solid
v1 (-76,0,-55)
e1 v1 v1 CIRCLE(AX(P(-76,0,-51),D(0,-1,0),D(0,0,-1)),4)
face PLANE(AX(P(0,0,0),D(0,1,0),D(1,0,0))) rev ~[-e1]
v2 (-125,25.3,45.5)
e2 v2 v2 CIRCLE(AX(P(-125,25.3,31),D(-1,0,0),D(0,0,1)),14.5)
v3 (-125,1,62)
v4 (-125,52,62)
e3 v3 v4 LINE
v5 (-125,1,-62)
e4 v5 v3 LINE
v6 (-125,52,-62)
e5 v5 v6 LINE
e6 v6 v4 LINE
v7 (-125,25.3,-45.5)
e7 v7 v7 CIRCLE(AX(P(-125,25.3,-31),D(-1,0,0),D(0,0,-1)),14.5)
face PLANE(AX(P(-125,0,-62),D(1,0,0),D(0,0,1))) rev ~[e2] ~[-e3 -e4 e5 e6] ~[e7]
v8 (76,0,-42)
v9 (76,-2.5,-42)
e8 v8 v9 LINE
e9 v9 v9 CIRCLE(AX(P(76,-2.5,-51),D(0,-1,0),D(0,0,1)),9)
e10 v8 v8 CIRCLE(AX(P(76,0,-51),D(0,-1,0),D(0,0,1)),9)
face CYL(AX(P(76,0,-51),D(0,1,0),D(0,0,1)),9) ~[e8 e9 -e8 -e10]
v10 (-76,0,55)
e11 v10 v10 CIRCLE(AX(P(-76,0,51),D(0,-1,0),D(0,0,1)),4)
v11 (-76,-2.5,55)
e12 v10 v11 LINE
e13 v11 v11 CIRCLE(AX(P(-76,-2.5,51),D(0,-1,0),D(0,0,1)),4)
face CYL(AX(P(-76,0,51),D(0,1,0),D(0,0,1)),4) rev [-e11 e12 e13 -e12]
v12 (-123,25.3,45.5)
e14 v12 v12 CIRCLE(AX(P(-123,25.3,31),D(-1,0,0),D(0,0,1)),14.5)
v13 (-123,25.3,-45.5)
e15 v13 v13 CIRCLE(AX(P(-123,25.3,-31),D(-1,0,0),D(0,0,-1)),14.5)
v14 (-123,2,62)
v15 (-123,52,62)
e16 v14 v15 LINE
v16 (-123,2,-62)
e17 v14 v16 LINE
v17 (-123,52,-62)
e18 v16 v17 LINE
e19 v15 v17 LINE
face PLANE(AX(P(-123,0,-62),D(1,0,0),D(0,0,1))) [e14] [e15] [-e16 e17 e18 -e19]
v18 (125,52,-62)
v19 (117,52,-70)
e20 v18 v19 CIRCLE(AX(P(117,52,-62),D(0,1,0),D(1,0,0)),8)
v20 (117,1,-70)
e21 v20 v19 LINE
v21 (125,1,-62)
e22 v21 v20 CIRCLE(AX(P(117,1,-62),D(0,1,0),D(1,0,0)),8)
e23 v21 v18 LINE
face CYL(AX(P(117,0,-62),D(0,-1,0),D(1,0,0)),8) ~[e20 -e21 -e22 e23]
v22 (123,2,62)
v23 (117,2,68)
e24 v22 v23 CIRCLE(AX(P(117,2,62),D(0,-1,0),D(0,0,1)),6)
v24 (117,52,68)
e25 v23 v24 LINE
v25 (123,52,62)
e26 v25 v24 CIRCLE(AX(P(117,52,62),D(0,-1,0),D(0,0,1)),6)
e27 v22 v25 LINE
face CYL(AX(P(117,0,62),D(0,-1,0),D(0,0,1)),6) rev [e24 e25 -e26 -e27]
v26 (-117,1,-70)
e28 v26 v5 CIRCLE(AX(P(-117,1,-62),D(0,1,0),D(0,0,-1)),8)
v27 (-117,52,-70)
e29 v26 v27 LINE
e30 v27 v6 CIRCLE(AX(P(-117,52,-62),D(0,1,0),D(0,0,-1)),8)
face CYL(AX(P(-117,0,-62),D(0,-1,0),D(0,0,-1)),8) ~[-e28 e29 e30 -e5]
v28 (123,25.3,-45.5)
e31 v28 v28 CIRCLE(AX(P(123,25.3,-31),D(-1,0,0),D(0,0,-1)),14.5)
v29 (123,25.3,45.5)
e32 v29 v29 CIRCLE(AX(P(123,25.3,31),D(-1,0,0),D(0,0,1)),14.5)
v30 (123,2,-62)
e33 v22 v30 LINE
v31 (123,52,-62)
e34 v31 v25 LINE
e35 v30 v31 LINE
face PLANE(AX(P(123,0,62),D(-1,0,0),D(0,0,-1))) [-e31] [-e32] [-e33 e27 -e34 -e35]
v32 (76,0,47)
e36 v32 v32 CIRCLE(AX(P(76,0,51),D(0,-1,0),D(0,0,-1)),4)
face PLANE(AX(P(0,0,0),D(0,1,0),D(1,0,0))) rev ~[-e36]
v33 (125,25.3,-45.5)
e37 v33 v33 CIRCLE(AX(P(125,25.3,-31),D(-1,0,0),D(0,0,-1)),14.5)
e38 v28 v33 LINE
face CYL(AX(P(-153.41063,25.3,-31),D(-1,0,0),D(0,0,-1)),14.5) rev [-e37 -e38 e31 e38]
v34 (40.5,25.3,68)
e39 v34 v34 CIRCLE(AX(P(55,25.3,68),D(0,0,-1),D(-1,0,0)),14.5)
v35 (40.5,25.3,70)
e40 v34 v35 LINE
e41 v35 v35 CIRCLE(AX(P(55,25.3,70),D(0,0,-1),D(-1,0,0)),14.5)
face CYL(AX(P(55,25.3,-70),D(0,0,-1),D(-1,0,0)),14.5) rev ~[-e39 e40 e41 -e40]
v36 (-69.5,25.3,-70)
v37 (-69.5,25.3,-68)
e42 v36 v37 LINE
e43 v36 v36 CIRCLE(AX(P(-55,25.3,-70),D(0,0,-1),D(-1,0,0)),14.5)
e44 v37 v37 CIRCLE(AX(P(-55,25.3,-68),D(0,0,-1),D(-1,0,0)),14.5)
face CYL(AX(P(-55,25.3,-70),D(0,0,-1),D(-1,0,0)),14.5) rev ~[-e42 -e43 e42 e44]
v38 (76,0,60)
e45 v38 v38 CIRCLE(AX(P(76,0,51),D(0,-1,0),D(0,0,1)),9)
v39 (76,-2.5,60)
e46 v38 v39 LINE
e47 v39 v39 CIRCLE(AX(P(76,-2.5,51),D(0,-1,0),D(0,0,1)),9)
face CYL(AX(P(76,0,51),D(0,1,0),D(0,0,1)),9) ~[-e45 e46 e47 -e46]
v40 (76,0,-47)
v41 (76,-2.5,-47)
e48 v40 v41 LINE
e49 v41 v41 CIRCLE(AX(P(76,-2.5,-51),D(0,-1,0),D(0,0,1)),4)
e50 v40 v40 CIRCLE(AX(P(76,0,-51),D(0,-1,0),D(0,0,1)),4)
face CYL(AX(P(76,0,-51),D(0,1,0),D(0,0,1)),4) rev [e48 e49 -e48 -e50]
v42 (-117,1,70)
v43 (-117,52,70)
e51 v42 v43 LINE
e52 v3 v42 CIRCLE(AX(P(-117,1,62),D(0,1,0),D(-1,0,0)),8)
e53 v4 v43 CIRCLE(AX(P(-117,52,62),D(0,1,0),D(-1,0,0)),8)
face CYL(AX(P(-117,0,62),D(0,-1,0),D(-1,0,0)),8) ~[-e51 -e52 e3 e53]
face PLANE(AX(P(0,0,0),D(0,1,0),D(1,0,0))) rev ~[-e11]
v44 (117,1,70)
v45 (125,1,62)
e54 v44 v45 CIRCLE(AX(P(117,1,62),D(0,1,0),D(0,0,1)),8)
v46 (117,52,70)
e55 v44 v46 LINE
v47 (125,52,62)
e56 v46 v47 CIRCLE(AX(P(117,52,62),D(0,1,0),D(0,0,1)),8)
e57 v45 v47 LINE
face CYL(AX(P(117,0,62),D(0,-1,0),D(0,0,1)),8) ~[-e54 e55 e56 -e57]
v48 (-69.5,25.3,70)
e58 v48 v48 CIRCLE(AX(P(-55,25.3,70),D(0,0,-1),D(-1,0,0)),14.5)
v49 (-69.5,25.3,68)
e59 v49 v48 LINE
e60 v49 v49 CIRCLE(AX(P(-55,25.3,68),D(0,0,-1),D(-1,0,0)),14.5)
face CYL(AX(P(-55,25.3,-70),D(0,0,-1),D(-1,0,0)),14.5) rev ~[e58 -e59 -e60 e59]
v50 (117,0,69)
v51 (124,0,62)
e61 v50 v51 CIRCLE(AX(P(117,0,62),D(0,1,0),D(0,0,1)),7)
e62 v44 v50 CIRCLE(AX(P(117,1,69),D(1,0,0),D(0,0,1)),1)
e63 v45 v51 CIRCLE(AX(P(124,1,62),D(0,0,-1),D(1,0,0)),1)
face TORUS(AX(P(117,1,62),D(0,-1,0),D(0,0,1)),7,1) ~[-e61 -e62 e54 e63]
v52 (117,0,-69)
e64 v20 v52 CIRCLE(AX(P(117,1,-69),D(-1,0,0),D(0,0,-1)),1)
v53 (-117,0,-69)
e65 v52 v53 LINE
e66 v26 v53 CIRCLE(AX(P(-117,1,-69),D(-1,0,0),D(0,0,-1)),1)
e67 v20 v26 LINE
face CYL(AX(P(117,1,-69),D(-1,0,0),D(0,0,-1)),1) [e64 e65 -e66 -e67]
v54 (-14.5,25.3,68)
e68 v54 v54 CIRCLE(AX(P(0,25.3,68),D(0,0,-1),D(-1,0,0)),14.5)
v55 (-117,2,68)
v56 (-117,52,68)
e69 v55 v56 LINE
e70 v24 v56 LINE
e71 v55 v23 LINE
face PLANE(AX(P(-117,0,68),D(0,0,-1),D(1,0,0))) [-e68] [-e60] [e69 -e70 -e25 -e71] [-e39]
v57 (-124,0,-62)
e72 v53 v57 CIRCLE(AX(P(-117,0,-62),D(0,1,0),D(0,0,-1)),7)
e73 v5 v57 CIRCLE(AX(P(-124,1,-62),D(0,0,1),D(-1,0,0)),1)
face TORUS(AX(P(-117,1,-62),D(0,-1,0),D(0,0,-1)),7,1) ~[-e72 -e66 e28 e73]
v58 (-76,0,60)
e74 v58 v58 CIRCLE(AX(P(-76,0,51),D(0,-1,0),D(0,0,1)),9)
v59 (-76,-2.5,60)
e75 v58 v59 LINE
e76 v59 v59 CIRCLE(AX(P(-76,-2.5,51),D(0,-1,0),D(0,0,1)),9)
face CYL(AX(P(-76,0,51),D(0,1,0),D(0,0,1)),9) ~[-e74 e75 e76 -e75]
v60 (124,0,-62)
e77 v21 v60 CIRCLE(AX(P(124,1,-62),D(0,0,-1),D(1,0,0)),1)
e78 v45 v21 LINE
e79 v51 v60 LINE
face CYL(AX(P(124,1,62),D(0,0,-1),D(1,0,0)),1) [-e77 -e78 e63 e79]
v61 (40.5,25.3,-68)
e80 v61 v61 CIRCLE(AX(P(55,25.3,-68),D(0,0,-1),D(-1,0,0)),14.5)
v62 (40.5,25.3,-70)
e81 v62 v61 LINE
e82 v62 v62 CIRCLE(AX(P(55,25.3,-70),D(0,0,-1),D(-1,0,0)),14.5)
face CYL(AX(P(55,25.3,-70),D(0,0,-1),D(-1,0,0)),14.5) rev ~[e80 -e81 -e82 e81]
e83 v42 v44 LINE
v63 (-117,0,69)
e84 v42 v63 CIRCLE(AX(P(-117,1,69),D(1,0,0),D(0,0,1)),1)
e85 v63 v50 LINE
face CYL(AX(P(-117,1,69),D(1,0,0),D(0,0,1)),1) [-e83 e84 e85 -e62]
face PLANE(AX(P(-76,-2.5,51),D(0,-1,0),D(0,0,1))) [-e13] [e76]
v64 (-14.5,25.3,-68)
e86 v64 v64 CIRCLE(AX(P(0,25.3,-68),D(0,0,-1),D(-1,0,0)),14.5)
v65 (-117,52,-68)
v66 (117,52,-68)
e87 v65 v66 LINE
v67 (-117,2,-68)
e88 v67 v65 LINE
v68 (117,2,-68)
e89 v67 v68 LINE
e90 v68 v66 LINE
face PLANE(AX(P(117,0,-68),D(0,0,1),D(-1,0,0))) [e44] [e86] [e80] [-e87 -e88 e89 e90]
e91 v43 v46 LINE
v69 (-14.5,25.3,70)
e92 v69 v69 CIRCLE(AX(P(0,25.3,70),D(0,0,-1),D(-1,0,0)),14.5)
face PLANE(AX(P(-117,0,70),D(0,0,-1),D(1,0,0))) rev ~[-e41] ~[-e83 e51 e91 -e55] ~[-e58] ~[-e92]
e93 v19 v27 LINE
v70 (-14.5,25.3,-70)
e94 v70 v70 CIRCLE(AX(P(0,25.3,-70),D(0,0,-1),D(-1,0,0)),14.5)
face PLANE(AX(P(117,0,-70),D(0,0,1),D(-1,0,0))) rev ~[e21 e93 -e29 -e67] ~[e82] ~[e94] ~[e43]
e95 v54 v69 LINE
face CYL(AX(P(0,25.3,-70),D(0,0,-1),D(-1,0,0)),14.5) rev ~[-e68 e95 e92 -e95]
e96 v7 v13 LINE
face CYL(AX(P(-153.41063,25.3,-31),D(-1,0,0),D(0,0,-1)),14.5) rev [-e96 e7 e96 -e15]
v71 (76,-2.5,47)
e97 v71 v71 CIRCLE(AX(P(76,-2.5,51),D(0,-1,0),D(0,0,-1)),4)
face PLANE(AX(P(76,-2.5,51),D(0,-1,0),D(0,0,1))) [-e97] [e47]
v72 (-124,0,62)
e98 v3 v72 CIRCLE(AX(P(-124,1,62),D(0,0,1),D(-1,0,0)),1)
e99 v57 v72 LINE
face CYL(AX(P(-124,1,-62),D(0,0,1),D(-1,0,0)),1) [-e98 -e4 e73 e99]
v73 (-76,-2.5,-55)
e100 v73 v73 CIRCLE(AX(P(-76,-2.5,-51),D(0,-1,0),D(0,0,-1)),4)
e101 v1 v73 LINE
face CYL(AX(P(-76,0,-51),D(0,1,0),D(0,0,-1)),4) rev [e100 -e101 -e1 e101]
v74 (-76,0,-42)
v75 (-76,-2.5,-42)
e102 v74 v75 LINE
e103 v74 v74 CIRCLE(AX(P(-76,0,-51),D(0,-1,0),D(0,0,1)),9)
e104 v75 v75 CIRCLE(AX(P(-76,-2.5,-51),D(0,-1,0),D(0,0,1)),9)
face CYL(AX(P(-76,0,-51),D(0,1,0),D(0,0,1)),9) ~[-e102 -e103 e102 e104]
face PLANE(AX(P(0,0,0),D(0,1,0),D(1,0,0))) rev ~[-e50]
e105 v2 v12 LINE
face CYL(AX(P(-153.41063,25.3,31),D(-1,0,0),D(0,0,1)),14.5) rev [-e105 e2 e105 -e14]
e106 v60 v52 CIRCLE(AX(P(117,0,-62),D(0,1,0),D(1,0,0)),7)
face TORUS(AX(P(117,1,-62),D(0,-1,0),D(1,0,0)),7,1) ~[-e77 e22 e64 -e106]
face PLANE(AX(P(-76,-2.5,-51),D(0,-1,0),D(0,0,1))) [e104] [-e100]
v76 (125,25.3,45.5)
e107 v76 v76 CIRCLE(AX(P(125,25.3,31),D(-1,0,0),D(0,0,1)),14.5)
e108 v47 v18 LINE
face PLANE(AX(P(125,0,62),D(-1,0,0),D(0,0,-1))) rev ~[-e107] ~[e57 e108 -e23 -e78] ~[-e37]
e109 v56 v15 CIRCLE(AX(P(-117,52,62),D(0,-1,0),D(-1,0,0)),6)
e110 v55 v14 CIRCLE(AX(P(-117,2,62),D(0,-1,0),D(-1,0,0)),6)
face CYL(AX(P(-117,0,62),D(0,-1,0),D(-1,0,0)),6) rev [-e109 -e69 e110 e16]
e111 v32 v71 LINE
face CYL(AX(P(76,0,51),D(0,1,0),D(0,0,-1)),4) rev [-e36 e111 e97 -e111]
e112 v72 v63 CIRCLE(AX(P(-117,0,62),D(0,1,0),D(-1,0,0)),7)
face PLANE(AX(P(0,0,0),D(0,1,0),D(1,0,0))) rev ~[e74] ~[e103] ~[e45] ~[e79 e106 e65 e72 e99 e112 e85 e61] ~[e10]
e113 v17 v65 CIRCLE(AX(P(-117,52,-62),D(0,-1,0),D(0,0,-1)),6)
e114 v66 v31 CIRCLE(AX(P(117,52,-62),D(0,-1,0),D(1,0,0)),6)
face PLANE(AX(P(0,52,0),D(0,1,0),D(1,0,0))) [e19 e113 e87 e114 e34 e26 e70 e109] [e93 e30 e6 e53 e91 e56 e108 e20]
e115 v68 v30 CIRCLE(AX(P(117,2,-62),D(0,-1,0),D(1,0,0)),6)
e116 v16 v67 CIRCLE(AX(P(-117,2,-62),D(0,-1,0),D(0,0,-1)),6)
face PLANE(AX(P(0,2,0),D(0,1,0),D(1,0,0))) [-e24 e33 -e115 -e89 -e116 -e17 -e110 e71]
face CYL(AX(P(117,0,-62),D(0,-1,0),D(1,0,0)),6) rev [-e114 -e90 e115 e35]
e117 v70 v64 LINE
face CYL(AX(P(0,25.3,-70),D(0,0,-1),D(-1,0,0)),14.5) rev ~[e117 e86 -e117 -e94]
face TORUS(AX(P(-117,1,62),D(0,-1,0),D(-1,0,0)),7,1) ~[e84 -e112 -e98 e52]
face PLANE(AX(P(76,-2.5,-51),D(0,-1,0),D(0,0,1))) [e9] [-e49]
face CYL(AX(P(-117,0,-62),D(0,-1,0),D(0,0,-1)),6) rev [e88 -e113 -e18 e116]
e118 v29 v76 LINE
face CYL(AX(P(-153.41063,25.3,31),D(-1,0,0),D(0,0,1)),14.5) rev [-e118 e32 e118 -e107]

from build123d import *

# Parameters (mm, degrees)
BOSS_EXTRUDE1_DEPTH     = 52
FILLET1_R               = 1
SHELL1_T                = -2
SKETCH2_R               = 9
SKETCH2_R_2             = 4
BOSS_EXTRUDE2_DEPTH     = 2.5
SKETCH3_R               = 14.5
CUT_EXTRUDE1_DEPTH      = 195.753690594
CUT_EXTRUDE2_DEPTH      = 153.410629551
CUT_EXTRUDE2_DEPTH_BACK = 153.410629551
SKETCH4_R               = 14.5


with BuildPart() as part:
    # Sketch1 → Boss-Extrude1 (new body)
    with BuildSketch(Plane(origin=(0, 0, 0), x_dir=(1, 0, 0), z_dir=(0, 1, 0))):
        with BuildLine():
            Line((125, -62), (125, 62))
            ThreePointArc((125, 62), (122.656854249, 67.656854249), (117, 70))
            Line((117, 70), (-117, 70))
            ThreePointArc((-117, 70), (-122.656854249, 67.656854249), (-125, 62))
            Line((-125, 62), (-125, -62))
            ThreePointArc((-125, -62), (-122.656854249, -67.656854249), (-117, -70))
            Line((-117, -70), (117, -70))
            ThreePointArc((117, -70), (122.656854249, -67.656854249), (125, -62))
        make_face()
    extrude(amount=BOSS_EXTRUDE1_DEPTH)

    # Fillet1
    fillet1_edges = [part.edges().sort_by_distance(p)[0] for p in [
        (0, 0, -70),
        (122.656854249, 0, -67.656854249),
        (125, 0, 0),
        (122.656854249, 0, 67.656854249),
        (0, 0, 70),
        (-122.656854249, 0, 67.656854249),
        (-125, 0, 0),
        (-122.656854249, 0, -67.656854249),
    ]]
    fillet(fillet1_edges, radius=FILLET1_R)

    # Shell1
    shell1_openings = [part.faces().sort_by_distance(p)[0] for p in [
        (0, 52, 0),
    ]]
    offset(amount=SHELL1_T, openings=shell1_openings, kind=Kind.INTERSECTION)

    # Sketch2 → Boss-Extrude2 (add)
    # profile 1 of 4: a face of its own
    with BuildSketch(Plane.XZ):
        with Locations(Location((76, 51, 0), (0, 0, 90))):
            Circle(SKETCH2_R)
        with Locations(Location((76, 51, 0), (0, 0, 270))):
            Circle(SKETCH2_R_2, mode=Mode.SUBTRACT)
    # profile 2 of 4: a face of its own
    with BuildSketch(Plane.XZ):
        with Locations(Location((76, -51, 0), (0, 0, 90))):
            Circle(SKETCH2_R)
        with Locations(Location((76, -51, 0), (0, 0, 90))):
            Circle(SKETCH2_R_2, mode=Mode.SUBTRACT)
    # profile 3 of 4: a face of its own
    with BuildSketch(Plane.XZ):
        with Locations(Location((-76, -51, 0), (0, 0, 90))):
            Circle(SKETCH2_R)
        with Locations(Location((-76, -51, 0), (0, 0, 270))):
            Circle(SKETCH2_R_2, mode=Mode.SUBTRACT)
    # profile 4 of 4: a face of its own
    with BuildSketch(Plane.XZ):
        with Locations(Location((-76, 51, 0), (0, 0, 90))):
            Circle(SKETCH2_R)
        with Locations(Location((-76, 51, 0), (0, 0, 90))):
            Circle(SKETCH2_R_2, mode=Mode.SUBTRACT)
    extrude(amount=BOSS_EXTRUDE2_DEPTH)

    # Sketch3 → Cut-Extrude1 (cut, through all)
    with BuildSketch(Plane(origin=(0, 0, -70), x_dir=(-1, 0, 0), z_dir=(0, 0, -1))):
        with Locations((-55, 25.3)):
            Circle(SKETCH3_R)
        with Locations((0, 25.3)):
            Circle(SKETCH3_R)
        with Locations((55, 25.3)):
            Circle(SKETCH3_R)
    extrude(amount=-CUT_EXTRUDE1_DEPTH, mode=Mode.SUBTRACT)

    # Sketch4 → Cut-Extrude2 (cut, two sides: drawn at the far end of the back side and taken through both)
    with BuildSketch(Plane(origin=(0, 0, 0), x_dir=(0, 0, -1), z_dir=(1, 0, 0)).offset(-CUT_EXTRUDE2_DEPTH_BACK)):
        with Locations((31, 25.3)):
            Circle(SKETCH4_R)
        with Locations(Location((-31, 25.3, 0), (0, 0, 180))):
            Circle(SKETCH4_R)
    extrude(amount=CUT_EXTRUDE2_DEPTH + CUT_EXTRUDE2_DEPTH_BACK, mode=Mode.SUBTRACT)


solid = part.part
